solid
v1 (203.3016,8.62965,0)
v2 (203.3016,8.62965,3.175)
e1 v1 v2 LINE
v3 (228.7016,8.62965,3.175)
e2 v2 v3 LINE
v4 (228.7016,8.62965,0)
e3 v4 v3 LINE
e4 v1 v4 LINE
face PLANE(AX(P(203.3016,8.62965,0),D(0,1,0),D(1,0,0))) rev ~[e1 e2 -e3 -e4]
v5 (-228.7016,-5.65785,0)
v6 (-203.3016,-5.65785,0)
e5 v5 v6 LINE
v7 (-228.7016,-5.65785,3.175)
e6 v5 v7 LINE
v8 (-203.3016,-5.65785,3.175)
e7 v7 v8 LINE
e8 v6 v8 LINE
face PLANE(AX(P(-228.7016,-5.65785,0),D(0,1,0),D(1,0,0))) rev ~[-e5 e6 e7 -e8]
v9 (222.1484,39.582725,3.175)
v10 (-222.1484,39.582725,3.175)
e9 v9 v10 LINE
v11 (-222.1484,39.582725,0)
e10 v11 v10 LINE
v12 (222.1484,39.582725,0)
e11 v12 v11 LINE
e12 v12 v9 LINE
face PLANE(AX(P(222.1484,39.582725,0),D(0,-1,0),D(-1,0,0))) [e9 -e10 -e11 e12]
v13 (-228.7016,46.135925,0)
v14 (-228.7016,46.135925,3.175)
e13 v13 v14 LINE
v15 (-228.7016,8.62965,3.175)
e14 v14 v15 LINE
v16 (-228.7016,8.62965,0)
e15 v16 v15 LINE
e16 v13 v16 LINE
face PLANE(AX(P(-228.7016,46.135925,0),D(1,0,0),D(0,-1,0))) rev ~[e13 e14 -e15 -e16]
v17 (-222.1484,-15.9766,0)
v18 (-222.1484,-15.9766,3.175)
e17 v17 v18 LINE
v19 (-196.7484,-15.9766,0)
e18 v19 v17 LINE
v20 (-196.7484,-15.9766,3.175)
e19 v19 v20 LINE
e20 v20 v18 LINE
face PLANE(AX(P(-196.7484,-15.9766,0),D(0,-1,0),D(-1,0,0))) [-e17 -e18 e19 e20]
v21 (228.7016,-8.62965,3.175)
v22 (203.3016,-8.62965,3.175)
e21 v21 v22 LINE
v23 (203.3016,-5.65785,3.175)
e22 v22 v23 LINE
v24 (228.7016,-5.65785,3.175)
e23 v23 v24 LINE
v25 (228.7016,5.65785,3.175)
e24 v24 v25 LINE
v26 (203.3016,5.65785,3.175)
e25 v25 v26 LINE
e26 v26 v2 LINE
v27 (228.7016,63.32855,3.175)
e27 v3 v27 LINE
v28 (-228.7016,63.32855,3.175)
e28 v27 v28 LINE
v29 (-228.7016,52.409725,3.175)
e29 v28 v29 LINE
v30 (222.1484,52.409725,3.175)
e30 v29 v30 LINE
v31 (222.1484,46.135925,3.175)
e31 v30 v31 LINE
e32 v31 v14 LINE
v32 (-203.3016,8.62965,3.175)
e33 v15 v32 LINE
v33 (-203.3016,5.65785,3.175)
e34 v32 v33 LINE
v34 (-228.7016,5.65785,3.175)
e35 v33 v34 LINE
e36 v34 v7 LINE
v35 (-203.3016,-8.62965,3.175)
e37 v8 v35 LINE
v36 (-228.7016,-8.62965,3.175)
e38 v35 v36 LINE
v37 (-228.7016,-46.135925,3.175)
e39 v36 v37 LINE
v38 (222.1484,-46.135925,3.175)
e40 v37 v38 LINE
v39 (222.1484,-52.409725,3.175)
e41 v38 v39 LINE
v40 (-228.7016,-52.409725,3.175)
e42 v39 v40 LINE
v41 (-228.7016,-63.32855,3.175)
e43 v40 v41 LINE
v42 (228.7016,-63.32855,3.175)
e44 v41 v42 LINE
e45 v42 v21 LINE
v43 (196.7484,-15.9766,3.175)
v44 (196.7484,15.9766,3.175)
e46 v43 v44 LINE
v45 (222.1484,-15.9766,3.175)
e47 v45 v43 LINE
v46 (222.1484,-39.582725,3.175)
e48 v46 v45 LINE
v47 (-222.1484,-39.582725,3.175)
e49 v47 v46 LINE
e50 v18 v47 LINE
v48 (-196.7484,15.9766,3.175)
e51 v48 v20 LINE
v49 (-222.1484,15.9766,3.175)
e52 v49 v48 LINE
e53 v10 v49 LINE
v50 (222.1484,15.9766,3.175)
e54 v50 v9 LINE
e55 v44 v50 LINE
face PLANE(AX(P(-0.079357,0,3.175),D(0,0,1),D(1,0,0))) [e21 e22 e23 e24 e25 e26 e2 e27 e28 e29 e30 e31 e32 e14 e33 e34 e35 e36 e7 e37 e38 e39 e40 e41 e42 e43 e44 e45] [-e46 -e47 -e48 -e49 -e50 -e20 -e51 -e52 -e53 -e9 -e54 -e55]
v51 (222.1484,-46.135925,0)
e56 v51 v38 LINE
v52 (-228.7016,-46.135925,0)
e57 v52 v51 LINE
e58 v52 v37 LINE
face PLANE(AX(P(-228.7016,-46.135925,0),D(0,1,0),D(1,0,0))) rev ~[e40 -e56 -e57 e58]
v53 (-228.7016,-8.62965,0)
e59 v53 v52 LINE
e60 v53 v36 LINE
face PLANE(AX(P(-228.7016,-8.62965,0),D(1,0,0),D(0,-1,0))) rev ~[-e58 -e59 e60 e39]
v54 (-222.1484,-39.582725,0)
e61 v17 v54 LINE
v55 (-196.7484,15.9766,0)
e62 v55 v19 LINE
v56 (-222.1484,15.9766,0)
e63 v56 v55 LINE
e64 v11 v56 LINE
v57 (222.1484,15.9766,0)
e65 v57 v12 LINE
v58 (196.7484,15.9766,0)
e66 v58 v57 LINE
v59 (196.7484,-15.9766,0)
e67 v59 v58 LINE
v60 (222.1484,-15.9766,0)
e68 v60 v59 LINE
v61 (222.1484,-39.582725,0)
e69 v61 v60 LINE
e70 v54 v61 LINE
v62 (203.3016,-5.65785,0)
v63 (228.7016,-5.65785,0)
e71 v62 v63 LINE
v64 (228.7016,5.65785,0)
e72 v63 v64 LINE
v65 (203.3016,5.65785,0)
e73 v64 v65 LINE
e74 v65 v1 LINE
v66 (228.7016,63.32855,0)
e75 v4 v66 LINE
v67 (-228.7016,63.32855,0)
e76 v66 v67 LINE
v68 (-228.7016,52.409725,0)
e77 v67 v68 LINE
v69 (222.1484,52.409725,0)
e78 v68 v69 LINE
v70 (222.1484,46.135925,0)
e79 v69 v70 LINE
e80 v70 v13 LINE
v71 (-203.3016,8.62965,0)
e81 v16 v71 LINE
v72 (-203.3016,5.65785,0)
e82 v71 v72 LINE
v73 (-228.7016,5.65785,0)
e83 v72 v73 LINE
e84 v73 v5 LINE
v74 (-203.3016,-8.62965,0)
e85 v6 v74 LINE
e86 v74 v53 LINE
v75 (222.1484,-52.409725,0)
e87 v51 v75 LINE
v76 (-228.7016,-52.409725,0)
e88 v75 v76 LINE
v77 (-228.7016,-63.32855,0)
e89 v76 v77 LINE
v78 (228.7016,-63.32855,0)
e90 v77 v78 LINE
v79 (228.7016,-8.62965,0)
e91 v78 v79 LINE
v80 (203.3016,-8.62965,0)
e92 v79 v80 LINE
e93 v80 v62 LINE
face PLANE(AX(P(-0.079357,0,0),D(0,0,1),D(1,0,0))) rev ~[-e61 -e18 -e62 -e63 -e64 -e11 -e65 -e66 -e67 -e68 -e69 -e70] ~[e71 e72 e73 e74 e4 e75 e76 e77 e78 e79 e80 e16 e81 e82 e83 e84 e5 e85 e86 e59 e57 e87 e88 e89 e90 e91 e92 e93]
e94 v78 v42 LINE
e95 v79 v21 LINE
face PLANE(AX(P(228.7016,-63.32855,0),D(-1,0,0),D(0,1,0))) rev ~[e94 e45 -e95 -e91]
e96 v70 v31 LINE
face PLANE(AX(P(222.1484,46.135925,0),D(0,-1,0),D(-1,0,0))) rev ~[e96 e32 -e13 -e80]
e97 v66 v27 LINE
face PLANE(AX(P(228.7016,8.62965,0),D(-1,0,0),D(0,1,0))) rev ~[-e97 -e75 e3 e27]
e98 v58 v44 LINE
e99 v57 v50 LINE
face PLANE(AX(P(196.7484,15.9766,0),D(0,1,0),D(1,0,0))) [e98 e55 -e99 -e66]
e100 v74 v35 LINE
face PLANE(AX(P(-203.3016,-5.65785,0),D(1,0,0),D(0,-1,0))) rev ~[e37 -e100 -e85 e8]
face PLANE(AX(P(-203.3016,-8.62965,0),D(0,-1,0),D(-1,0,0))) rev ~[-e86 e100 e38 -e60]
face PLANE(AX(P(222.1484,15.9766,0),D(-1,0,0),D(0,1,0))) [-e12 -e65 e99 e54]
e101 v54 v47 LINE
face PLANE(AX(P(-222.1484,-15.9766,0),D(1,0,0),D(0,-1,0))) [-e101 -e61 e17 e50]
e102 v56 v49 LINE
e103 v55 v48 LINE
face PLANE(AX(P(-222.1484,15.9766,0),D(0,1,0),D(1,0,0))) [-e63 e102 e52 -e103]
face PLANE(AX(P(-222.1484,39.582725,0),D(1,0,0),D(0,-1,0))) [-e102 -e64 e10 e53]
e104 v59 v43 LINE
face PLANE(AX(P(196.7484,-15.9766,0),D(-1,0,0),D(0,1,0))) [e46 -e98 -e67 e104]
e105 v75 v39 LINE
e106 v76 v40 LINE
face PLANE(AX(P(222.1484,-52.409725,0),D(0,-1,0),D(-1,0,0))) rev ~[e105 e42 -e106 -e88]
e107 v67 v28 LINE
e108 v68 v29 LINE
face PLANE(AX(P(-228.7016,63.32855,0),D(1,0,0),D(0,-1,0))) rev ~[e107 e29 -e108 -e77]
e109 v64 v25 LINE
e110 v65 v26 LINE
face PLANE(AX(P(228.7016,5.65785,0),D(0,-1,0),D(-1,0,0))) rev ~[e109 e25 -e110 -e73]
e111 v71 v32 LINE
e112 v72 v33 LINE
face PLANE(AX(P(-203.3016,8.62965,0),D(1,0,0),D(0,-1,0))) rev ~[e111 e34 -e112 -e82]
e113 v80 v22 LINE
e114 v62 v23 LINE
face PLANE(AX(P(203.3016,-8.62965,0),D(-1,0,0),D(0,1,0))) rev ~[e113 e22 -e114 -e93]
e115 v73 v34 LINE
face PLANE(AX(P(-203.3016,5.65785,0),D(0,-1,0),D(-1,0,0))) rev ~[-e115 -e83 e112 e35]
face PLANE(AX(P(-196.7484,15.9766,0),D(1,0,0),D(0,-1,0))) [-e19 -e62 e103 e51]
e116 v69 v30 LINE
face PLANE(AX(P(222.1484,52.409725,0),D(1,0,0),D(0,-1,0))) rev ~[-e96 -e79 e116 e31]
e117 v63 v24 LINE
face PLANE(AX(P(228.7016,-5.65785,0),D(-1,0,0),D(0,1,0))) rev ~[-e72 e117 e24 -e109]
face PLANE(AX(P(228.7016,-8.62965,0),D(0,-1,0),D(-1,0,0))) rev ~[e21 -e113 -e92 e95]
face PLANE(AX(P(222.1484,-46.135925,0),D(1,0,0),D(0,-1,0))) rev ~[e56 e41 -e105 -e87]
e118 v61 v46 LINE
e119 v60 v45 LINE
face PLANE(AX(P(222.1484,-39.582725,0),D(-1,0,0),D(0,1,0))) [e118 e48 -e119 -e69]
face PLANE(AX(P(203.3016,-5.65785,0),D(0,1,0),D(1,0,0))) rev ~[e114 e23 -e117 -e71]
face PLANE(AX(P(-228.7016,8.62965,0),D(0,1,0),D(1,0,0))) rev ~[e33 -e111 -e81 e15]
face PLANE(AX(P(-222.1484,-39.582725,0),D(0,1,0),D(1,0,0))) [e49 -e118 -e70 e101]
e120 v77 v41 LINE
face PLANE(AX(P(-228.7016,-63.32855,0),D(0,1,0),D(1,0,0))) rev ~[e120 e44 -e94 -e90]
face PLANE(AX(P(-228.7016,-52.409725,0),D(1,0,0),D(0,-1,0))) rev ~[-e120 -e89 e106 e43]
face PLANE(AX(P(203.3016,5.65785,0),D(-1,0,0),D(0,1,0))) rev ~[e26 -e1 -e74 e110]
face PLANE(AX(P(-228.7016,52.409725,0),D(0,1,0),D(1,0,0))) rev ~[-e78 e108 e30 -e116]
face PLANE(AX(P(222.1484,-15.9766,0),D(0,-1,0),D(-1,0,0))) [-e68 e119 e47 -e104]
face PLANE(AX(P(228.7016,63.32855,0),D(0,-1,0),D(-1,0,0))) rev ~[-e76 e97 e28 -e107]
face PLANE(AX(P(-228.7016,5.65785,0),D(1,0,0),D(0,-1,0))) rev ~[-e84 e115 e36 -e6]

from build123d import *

# Parameters (mm, degrees)
BOSS_EXTRUDE1_DEPTH = 3.175


with BuildPart() as part:
    # Sketch1 → Boss-Extrude1 (new body)
    with BuildSketch(Plane.XY):
        Polygon((-203.3016, -8.62965), (-228.7016, -8.62965), (-228.7016, -46.135925), (222.1484, -46.135925), (222.1484, -52.409725), (-228.7016, -52.409725), (-228.7016, -63.32855), (228.7016, -63.32855), (228.7016, -8.62965), (203.3016, -8.62965), (203.3016, -5.65785), (228.7016, -5.65785), (228.7016, 5.65785), (203.3016, 5.65785), (203.3016, 8.62965), (228.7016, 8.62965), (228.7016, 63.32855), (-228.7016, 63.32855), (-228.7016, 52.409725), (222.1484, 52.409725), (222.1484, 46.135925), (-228.7016, 46.135925), (-228.7016, 8.62965), (-203.3016, 8.62965), (-203.3016, 5.65785), (-228.7016, 5.65785), (-228.7016, -5.65785), (-203.3016, -5.65785), align=None)
        Polygon((222.1484, -39.582725), (222.1484, -15.9766), (196.7484, -15.9766), (196.7484, 15.9766), (222.1484, 15.9766), (222.1484, 39.582725), (-222.1484, 39.582725), (-222.1484, 15.9766), (-196.7484, 15.9766), (-196.7484, -15.9766), (-222.1484, -15.9766), (-222.1484, -39.582725), align=None, mode=Mode.SUBTRACT)
    extrude(amount=BOSS_EXTRUDE1_DEPTH)


solid = part.part
